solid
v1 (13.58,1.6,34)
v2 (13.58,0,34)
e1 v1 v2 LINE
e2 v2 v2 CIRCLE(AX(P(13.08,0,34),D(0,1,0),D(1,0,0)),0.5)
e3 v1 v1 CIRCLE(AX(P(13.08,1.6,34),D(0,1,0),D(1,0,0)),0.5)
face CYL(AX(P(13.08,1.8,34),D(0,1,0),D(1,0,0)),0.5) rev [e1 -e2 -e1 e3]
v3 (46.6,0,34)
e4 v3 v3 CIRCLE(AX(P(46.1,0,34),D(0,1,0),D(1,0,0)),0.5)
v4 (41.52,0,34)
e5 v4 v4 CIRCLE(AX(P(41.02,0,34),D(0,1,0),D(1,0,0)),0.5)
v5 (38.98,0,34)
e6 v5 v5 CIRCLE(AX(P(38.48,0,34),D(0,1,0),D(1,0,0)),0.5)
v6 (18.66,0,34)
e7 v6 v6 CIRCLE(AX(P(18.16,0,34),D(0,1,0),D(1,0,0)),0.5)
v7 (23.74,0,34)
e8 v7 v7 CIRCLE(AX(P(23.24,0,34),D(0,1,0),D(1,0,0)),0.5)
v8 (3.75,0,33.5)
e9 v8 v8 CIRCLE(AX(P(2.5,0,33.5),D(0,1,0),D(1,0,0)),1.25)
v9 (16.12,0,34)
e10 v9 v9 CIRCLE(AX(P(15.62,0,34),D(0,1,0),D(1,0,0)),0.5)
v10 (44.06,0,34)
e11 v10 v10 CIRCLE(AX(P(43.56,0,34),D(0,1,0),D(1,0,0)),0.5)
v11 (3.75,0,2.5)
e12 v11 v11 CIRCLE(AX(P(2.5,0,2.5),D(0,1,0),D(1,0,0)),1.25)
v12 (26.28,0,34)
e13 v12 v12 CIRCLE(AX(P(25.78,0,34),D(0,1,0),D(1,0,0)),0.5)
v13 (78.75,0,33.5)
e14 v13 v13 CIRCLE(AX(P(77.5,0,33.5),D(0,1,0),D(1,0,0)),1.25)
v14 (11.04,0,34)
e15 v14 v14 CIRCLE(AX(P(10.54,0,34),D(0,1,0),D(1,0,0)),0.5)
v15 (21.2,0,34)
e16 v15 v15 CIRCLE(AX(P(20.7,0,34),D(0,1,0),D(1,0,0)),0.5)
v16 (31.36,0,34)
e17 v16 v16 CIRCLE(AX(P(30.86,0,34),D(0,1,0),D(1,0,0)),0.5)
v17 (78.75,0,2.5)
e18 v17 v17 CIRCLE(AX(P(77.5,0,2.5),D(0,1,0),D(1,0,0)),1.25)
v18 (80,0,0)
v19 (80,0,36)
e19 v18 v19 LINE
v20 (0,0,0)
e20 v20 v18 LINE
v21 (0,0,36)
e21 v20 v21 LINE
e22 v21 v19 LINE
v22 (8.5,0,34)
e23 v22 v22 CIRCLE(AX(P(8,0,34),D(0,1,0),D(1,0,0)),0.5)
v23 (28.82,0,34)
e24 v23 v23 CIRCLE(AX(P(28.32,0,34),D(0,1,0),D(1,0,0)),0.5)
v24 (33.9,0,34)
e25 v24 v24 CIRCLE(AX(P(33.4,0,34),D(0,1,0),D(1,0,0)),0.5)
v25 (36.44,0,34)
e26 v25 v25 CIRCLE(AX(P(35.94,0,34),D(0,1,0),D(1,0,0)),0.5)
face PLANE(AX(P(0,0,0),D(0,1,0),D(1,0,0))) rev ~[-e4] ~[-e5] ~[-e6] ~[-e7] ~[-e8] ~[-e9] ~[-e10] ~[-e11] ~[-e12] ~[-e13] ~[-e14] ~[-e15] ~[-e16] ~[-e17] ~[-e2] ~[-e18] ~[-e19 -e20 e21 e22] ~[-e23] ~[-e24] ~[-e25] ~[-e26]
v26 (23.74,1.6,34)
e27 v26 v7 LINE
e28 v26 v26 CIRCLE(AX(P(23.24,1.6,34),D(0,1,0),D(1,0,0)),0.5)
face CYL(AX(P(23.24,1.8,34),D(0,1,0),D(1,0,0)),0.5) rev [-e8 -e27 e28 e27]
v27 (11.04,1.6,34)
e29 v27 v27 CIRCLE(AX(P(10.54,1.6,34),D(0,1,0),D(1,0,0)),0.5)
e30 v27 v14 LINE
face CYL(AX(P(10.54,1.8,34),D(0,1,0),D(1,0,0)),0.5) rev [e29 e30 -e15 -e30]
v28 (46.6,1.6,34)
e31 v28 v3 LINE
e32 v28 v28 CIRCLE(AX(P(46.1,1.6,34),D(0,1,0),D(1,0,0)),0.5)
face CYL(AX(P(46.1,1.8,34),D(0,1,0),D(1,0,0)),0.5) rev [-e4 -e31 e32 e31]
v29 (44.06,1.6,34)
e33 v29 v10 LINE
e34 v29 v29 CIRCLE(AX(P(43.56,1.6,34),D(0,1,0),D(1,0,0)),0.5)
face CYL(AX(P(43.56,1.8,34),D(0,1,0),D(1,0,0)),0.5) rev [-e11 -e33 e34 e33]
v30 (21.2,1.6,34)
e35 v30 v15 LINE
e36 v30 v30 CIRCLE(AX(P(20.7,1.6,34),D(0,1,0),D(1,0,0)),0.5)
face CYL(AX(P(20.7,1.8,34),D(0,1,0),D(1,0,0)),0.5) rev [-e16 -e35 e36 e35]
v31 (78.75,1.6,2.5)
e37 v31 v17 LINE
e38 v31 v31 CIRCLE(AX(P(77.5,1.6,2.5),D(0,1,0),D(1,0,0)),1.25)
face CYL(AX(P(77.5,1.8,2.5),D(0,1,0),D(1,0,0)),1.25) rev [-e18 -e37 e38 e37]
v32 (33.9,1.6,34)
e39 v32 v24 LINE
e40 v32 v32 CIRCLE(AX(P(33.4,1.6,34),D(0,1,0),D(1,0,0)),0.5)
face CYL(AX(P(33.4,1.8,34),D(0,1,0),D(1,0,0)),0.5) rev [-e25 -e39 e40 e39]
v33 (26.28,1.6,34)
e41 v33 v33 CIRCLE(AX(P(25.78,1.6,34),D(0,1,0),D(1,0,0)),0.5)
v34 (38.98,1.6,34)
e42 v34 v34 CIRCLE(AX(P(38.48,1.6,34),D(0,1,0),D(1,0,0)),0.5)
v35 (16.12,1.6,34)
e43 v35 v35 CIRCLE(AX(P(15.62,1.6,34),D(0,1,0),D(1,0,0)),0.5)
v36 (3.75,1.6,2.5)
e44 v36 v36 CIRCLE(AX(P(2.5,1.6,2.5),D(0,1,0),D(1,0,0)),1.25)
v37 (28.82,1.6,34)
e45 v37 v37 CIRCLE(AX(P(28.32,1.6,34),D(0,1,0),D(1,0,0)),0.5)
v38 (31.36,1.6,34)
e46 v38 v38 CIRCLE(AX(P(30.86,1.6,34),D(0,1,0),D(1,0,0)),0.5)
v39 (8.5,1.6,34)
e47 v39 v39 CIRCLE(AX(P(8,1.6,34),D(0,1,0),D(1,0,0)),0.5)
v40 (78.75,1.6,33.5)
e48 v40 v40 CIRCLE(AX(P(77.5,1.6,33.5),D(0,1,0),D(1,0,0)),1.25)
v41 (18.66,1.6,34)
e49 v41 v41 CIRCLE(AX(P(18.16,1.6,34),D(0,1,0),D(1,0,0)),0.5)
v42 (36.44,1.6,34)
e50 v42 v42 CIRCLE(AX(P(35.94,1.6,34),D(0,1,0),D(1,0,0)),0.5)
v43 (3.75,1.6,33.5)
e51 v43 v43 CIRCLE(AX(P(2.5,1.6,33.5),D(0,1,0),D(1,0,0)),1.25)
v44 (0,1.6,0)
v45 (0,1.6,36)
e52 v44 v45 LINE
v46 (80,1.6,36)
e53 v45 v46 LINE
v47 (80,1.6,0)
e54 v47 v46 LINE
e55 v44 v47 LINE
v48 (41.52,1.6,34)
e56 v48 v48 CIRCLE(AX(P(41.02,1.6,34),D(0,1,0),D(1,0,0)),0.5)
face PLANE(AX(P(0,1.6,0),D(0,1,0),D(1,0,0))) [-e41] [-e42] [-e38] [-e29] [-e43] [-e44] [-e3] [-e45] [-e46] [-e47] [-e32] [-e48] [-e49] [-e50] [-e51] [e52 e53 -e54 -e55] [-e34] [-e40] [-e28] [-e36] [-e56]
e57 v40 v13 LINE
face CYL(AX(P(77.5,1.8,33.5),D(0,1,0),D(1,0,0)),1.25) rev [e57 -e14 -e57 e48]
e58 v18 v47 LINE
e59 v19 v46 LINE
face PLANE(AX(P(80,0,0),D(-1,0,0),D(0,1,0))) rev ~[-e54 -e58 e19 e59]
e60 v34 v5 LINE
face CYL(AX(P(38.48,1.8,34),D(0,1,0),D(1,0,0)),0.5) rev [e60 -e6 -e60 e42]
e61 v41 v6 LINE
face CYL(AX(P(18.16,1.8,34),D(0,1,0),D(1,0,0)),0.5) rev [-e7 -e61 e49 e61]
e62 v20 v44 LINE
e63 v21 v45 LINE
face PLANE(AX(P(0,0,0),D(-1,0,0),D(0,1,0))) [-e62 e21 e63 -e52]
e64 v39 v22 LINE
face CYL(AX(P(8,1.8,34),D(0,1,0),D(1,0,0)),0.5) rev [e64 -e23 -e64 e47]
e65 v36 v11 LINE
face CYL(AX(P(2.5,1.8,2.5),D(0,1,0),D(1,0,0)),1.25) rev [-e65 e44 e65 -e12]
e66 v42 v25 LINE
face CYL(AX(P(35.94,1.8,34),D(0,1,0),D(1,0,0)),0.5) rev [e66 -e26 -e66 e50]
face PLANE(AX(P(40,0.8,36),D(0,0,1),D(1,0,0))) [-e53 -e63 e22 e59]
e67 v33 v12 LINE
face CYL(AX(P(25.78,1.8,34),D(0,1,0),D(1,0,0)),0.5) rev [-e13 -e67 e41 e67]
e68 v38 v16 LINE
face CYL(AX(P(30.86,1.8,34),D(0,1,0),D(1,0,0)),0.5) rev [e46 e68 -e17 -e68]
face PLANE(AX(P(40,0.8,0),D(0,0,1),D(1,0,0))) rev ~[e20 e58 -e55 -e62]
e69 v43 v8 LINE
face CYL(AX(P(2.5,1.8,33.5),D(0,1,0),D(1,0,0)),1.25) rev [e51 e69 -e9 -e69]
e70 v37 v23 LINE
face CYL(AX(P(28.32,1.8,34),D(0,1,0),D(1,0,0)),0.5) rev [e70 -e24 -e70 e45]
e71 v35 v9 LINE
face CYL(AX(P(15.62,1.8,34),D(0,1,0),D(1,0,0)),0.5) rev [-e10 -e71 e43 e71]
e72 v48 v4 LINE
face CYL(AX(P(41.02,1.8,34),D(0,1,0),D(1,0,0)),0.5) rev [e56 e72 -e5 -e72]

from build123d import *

# Parameters (mm, degrees)
CYLINDER010_R     = 0.5
CYLINDER010_DEPTH = 2
ARRAY004_X_COUNT  = 16
ARRAY004_X_PITCH  = 2.54
CYLINDER009_R     = 1.25
CYLINDER009_DEPTH = 2
ARRAY003_X_COUNT  = 2
ARRAY003_X_PITCH  = 75
ARRAY003_Z_COUNT  = 2
ARRAY003_Z_PITCH  = 31
BOX015_W          = 80
BOX015_H          = 1.6
BOX015_DEPTH      = 36


with BuildPart() as array004:
    # Cylinder010 → Cylinder010 (new body)
    with BuildSketch(Plane(origin=(8, 1.8, 34), x_dir=(1, 0, 0), z_dir=(0, -1, 0))):
        Circle(CYLINDER010_R)
    extrude(amount=CYLINDER010_DEPTH)

    # Array004 X: Array004 ×16


with BuildPart() as array004_1:
    add(array004.part)
    with Locations(*[(i * ARRAY004_X_PITCH, 0, 0) for i in range(1, ARRAY004_X_COUNT)]):
        add(array004.part)


with BuildPart() as array:
    # Cylinder009 → Cylinder009 (new body)
    with BuildSketch(Plane(origin=(2.5, 1.8, 2.5), x_dir=(1, 0, 0), z_dir=(0, -1, 0))):
        Circle(CYLINDER009_R)
    extrude(amount=CYLINDER009_DEPTH)

    # Array003 X: Array ×2


with BuildPart() as array_1:
    add(array.part)
    with Locations(*[(i * ARRAY003_X_PITCH, 0, 0) for i in range(1, ARRAY003_X_COUNT)]):
        add(array.part)

    # Array003 Z: Array ×2


with BuildPart() as array_2:
    add(array_1.part)
    with Locations(*[(0, 0, i * ARRAY003_Z_PITCH) for i in range(1, ARRAY003_Z_COUNT)]):
        add(array_1.part)


with BuildPart() as pcb:
    # Box015 → Box015 (new body)
    with BuildSketch(Plane.XY):
        with Locations((40, 0.8)):
            Rectangle(BOX015_W, BOX015_H)
    extrude(amount=BOX015_DEPTH)

    # Cut001: cut Array
    add(array_2.part, mode=Mode.SUBTRACT)

    # Cut002: cut Array004
    add(array004_1.part, mode=Mode.SUBTRACT)


solid = pcb.part
